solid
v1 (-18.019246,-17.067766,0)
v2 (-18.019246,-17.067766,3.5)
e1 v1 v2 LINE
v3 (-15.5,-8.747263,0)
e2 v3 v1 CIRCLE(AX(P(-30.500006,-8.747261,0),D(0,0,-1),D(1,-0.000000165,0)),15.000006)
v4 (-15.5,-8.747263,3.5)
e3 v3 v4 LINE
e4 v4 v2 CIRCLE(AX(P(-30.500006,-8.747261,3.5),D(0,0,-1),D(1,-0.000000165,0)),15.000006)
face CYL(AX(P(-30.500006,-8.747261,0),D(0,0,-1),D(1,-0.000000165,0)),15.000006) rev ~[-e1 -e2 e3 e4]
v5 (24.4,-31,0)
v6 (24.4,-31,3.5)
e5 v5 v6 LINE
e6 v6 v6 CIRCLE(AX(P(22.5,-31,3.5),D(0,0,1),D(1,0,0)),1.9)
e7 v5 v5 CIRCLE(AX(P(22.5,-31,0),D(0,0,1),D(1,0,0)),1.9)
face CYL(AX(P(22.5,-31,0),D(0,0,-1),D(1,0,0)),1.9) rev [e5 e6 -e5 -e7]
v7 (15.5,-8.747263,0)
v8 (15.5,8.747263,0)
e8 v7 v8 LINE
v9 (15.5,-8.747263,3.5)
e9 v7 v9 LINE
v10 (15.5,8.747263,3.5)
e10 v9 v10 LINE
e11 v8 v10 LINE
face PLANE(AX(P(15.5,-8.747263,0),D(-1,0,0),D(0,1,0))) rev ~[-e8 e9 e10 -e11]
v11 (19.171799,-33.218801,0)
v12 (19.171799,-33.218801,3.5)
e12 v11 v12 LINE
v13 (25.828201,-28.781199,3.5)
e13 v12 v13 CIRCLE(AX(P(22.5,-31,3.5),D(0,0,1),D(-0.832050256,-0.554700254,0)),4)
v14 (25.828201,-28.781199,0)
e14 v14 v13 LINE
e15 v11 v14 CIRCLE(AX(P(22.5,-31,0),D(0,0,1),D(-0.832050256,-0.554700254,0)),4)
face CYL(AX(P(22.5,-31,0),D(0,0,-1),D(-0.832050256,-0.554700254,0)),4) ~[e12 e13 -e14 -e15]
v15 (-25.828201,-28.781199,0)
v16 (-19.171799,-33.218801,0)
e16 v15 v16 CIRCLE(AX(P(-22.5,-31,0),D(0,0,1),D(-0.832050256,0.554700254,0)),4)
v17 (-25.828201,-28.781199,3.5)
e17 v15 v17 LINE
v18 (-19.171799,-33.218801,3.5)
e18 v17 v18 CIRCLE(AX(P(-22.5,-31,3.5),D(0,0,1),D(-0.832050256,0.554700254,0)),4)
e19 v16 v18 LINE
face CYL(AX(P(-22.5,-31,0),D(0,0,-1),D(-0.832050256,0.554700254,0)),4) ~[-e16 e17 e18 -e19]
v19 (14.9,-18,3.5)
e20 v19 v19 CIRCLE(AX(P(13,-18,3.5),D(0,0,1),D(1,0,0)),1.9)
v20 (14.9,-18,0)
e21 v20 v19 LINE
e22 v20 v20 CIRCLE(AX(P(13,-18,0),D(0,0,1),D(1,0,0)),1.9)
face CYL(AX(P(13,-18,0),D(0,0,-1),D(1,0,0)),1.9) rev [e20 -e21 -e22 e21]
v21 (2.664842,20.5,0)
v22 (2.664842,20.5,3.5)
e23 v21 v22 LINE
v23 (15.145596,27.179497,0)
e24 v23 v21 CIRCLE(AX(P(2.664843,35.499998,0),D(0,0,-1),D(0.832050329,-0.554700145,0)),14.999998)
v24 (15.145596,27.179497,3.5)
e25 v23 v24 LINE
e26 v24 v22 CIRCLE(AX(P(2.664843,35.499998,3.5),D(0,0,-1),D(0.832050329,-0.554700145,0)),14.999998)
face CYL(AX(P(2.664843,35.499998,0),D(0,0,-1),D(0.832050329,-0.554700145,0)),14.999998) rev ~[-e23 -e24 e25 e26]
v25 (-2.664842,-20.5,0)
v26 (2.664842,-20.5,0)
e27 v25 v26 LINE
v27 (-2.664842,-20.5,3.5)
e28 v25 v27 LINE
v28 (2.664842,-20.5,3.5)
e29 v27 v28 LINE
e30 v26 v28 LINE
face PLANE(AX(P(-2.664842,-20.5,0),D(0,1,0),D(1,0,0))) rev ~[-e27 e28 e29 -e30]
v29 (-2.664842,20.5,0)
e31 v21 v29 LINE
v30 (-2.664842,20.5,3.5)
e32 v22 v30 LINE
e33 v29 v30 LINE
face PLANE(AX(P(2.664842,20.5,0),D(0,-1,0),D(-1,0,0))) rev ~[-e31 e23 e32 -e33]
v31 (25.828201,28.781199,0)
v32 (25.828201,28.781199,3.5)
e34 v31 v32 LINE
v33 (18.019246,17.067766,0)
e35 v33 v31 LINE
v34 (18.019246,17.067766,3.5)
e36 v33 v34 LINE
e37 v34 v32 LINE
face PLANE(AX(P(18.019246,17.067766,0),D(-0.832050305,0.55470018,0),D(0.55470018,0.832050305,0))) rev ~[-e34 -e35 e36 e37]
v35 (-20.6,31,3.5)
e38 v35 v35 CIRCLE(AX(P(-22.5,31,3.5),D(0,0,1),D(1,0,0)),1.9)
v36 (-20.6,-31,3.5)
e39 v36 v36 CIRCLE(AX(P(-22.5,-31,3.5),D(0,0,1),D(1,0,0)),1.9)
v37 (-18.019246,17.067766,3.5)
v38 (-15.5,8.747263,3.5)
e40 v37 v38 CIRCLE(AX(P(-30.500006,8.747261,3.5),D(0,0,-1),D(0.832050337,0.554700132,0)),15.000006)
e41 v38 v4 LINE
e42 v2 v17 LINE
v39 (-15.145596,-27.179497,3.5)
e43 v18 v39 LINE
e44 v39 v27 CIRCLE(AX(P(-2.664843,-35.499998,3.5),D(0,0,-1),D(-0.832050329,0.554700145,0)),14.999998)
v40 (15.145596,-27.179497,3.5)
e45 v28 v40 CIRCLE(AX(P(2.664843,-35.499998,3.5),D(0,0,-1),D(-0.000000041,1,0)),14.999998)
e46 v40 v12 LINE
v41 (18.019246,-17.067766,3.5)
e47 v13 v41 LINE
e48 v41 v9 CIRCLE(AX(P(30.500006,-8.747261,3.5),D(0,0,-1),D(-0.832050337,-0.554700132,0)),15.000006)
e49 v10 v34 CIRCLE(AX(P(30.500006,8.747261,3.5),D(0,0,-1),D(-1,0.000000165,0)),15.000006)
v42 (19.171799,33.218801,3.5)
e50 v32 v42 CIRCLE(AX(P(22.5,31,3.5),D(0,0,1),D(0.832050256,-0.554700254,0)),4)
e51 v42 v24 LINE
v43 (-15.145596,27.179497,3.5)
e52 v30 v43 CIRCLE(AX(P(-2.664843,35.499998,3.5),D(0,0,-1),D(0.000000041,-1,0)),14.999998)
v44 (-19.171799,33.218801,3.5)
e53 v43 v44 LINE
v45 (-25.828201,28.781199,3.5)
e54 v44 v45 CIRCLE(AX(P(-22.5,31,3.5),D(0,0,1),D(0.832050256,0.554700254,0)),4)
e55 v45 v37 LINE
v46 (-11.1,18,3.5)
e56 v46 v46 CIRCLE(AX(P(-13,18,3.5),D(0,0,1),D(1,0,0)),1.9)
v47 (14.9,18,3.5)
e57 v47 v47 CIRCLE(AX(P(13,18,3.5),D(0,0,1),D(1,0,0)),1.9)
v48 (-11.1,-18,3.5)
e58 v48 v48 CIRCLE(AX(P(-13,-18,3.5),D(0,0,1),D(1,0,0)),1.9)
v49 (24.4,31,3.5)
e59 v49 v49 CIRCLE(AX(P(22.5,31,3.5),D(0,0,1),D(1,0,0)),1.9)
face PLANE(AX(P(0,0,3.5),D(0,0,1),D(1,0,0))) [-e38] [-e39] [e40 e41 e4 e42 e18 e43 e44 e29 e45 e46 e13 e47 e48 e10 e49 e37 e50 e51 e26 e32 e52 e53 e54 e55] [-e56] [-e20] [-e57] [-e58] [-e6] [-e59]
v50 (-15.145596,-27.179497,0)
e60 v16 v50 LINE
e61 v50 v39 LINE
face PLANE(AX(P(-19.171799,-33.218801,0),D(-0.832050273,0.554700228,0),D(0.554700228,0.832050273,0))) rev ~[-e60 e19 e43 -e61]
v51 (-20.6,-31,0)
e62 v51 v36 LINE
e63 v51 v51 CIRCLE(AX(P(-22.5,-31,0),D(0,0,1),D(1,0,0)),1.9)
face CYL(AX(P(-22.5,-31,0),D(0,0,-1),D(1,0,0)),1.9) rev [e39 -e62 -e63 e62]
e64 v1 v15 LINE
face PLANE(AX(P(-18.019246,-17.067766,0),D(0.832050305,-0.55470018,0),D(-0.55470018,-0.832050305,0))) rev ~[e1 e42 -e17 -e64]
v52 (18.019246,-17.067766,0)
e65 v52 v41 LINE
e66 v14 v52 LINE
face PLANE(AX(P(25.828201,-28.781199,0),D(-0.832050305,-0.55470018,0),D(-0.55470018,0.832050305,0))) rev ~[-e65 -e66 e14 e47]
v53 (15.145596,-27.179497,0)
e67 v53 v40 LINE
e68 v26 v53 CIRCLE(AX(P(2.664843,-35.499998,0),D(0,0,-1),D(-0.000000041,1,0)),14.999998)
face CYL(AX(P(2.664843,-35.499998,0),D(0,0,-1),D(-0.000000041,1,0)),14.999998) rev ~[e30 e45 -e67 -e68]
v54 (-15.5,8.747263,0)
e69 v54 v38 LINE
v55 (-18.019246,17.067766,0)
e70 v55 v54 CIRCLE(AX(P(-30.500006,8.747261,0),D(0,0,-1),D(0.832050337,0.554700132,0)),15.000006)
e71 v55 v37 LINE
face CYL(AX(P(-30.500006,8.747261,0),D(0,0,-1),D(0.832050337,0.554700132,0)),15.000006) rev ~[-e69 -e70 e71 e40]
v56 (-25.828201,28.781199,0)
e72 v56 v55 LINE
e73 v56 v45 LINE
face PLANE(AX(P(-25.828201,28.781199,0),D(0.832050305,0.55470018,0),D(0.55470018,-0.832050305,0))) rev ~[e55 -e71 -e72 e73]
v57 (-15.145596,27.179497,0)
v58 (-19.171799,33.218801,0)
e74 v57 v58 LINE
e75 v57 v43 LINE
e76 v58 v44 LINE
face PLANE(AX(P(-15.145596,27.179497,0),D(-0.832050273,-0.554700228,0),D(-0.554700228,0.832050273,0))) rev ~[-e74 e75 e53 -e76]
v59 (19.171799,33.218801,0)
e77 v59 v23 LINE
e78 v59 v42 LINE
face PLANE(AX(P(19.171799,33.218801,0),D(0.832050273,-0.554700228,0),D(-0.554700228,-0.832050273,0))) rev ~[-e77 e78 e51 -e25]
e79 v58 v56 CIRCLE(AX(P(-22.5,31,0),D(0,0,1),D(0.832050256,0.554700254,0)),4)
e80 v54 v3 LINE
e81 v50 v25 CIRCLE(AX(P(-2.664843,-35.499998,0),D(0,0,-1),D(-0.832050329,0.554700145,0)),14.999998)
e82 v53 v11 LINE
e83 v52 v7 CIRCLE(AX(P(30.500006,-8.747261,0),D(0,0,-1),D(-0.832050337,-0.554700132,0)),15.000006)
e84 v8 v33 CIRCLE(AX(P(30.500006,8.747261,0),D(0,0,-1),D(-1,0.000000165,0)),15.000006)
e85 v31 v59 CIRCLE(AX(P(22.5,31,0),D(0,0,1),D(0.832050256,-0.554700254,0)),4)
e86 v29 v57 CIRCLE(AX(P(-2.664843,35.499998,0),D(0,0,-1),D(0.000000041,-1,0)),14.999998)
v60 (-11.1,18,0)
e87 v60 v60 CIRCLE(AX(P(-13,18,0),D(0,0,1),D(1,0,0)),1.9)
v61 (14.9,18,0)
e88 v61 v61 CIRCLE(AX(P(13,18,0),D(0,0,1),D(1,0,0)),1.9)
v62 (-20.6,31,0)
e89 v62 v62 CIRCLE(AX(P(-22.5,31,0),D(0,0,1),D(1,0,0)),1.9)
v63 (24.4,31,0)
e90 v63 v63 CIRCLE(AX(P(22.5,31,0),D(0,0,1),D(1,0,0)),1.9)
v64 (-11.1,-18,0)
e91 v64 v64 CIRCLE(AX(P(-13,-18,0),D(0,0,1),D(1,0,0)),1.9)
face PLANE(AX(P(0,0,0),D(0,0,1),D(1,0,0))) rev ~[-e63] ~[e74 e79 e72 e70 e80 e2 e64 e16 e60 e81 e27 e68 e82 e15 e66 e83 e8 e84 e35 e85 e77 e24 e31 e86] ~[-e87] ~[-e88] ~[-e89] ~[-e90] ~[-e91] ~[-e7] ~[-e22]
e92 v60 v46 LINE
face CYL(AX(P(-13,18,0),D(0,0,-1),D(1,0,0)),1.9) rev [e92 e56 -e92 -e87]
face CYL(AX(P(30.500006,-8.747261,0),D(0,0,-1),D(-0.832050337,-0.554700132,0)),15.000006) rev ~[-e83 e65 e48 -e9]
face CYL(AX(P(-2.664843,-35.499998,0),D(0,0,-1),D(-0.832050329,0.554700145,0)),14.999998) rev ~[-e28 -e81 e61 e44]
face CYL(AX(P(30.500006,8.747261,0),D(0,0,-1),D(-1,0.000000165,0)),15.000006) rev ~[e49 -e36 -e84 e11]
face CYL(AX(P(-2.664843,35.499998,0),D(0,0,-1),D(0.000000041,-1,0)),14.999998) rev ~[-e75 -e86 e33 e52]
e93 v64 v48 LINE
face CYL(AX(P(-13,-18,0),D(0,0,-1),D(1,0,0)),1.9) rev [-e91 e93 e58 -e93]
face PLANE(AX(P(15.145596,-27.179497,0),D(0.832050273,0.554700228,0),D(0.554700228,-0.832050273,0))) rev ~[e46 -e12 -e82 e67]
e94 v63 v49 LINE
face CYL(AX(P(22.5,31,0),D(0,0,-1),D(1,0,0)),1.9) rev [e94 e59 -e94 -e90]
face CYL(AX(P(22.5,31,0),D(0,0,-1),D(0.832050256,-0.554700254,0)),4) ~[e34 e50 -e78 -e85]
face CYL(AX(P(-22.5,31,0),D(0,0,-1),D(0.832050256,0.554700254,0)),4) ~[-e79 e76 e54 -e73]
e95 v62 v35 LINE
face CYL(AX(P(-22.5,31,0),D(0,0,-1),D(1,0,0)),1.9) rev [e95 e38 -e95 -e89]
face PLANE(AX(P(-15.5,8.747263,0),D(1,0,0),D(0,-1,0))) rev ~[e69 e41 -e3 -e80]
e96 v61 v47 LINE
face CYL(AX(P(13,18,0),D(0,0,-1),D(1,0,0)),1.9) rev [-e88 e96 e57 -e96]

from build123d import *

# Parameters (mm, degrees)
F0_R     = 1.9
F1_DEPTH = 3.5


with BuildPart() as f1:
    # F0 (on Top) → F1 (new body)
    with BuildSketch(Plane.XY):
        with BuildLine():
            Line((-15.145596, 27.179497), (-19.171799, 33.218801))
            ThreePointArc((-19.171799, 33.218801), (-24.718801, 34.328201), (-25.828201, 28.781199))
            Line((-25.828201, 28.781199), (-18.019246, 17.067766))
            ThreePointArc((-18.019246, 17.067766), (-16.14362, 13.094025), (-15.5, 8.747263))
            Line((-15.5, 8.747263), (-15.5, -8.747263))
            ThreePointArc((-15.5, -8.747263), (-16.14362, -13.094025), (-18.019246, -17.067766))
            Line((-18.019246, -17.067766), (-25.828201, -28.781199))
            ThreePointArc((-25.828201, -28.781199), (-24.718801, -34.328201), (-19.171799, -33.218801))
            Line((-19.171799, -33.218801), (-15.145596, -27.179497))
            ThreePointArc((-15.145596, -27.179497), (-9.742711, -22.274881), (-2.664842, -20.5))
            Line((-2.664842, -20.5), (2.664842, -20.5))
            ThreePointArc((2.664842, -20.5), (9.742711, -22.274881), (15.145596, -27.179497))
            Line((15.145596, -27.179497), (19.171799, -33.218801))
            ThreePointArc((19.171799, -33.218801), (24.718801, -34.328201), (25.828201, -28.781199))
            Line((25.828201, -28.781199), (18.019246, -17.067766))
            ThreePointArc((18.019246, -17.067766), (16.14362, -13.094025), (15.5, -8.747263))
            Line((15.5, -8.747263), (15.5, 8.747263))
            ThreePointArc((15.5, 8.747263), (16.14362, 13.094025), (18.019246, 17.067766))
            Line((18.019246, 17.067766), (25.828201, 28.781199))
            ThreePointArc((25.828201, 28.781199), (24.718801, 34.328201), (19.171799, 33.218801))
            Line((19.171799, 33.218801), (15.145596, 27.179497))
            ThreePointArc((15.145596, 27.179497), (9.742711, 22.274881), (2.664842, 20.5))
            Line((2.664842, 20.5), (-2.664842, 20.5))
            ThreePointArc((-2.664842, 20.5), (-9.742711, 22.274881), (-15.145596, 27.179497))
        make_face()
        with Locations((-22.5, -31)):
            Circle(F0_R, mode=Mode.SUBTRACT)
        with Locations((-13, -18)):
            Circle(F0_R, mode=Mode.SUBTRACT)
        with Locations((13, -18)):
            Circle(F0_R, mode=Mode.SUBTRACT)
        with Locations((22.5, -31)):
            Circle(F0_R, mode=Mode.SUBTRACT)
        with Locations((-22.5, 31)):
            Circle(F0_R, mode=Mode.SUBTRACT)
        with Locations((-13, 18)):
            Circle(F0_R, mode=Mode.SUBTRACT)
        with Locations((13, 18)):
            Circle(F0_R, mode=Mode.SUBTRACT)
        with Locations((22.5, 31)):
            Circle(F0_R, mode=Mode.SUBTRACT)
    extrude(amount=F1_DEPTH)


solid = f1.part
